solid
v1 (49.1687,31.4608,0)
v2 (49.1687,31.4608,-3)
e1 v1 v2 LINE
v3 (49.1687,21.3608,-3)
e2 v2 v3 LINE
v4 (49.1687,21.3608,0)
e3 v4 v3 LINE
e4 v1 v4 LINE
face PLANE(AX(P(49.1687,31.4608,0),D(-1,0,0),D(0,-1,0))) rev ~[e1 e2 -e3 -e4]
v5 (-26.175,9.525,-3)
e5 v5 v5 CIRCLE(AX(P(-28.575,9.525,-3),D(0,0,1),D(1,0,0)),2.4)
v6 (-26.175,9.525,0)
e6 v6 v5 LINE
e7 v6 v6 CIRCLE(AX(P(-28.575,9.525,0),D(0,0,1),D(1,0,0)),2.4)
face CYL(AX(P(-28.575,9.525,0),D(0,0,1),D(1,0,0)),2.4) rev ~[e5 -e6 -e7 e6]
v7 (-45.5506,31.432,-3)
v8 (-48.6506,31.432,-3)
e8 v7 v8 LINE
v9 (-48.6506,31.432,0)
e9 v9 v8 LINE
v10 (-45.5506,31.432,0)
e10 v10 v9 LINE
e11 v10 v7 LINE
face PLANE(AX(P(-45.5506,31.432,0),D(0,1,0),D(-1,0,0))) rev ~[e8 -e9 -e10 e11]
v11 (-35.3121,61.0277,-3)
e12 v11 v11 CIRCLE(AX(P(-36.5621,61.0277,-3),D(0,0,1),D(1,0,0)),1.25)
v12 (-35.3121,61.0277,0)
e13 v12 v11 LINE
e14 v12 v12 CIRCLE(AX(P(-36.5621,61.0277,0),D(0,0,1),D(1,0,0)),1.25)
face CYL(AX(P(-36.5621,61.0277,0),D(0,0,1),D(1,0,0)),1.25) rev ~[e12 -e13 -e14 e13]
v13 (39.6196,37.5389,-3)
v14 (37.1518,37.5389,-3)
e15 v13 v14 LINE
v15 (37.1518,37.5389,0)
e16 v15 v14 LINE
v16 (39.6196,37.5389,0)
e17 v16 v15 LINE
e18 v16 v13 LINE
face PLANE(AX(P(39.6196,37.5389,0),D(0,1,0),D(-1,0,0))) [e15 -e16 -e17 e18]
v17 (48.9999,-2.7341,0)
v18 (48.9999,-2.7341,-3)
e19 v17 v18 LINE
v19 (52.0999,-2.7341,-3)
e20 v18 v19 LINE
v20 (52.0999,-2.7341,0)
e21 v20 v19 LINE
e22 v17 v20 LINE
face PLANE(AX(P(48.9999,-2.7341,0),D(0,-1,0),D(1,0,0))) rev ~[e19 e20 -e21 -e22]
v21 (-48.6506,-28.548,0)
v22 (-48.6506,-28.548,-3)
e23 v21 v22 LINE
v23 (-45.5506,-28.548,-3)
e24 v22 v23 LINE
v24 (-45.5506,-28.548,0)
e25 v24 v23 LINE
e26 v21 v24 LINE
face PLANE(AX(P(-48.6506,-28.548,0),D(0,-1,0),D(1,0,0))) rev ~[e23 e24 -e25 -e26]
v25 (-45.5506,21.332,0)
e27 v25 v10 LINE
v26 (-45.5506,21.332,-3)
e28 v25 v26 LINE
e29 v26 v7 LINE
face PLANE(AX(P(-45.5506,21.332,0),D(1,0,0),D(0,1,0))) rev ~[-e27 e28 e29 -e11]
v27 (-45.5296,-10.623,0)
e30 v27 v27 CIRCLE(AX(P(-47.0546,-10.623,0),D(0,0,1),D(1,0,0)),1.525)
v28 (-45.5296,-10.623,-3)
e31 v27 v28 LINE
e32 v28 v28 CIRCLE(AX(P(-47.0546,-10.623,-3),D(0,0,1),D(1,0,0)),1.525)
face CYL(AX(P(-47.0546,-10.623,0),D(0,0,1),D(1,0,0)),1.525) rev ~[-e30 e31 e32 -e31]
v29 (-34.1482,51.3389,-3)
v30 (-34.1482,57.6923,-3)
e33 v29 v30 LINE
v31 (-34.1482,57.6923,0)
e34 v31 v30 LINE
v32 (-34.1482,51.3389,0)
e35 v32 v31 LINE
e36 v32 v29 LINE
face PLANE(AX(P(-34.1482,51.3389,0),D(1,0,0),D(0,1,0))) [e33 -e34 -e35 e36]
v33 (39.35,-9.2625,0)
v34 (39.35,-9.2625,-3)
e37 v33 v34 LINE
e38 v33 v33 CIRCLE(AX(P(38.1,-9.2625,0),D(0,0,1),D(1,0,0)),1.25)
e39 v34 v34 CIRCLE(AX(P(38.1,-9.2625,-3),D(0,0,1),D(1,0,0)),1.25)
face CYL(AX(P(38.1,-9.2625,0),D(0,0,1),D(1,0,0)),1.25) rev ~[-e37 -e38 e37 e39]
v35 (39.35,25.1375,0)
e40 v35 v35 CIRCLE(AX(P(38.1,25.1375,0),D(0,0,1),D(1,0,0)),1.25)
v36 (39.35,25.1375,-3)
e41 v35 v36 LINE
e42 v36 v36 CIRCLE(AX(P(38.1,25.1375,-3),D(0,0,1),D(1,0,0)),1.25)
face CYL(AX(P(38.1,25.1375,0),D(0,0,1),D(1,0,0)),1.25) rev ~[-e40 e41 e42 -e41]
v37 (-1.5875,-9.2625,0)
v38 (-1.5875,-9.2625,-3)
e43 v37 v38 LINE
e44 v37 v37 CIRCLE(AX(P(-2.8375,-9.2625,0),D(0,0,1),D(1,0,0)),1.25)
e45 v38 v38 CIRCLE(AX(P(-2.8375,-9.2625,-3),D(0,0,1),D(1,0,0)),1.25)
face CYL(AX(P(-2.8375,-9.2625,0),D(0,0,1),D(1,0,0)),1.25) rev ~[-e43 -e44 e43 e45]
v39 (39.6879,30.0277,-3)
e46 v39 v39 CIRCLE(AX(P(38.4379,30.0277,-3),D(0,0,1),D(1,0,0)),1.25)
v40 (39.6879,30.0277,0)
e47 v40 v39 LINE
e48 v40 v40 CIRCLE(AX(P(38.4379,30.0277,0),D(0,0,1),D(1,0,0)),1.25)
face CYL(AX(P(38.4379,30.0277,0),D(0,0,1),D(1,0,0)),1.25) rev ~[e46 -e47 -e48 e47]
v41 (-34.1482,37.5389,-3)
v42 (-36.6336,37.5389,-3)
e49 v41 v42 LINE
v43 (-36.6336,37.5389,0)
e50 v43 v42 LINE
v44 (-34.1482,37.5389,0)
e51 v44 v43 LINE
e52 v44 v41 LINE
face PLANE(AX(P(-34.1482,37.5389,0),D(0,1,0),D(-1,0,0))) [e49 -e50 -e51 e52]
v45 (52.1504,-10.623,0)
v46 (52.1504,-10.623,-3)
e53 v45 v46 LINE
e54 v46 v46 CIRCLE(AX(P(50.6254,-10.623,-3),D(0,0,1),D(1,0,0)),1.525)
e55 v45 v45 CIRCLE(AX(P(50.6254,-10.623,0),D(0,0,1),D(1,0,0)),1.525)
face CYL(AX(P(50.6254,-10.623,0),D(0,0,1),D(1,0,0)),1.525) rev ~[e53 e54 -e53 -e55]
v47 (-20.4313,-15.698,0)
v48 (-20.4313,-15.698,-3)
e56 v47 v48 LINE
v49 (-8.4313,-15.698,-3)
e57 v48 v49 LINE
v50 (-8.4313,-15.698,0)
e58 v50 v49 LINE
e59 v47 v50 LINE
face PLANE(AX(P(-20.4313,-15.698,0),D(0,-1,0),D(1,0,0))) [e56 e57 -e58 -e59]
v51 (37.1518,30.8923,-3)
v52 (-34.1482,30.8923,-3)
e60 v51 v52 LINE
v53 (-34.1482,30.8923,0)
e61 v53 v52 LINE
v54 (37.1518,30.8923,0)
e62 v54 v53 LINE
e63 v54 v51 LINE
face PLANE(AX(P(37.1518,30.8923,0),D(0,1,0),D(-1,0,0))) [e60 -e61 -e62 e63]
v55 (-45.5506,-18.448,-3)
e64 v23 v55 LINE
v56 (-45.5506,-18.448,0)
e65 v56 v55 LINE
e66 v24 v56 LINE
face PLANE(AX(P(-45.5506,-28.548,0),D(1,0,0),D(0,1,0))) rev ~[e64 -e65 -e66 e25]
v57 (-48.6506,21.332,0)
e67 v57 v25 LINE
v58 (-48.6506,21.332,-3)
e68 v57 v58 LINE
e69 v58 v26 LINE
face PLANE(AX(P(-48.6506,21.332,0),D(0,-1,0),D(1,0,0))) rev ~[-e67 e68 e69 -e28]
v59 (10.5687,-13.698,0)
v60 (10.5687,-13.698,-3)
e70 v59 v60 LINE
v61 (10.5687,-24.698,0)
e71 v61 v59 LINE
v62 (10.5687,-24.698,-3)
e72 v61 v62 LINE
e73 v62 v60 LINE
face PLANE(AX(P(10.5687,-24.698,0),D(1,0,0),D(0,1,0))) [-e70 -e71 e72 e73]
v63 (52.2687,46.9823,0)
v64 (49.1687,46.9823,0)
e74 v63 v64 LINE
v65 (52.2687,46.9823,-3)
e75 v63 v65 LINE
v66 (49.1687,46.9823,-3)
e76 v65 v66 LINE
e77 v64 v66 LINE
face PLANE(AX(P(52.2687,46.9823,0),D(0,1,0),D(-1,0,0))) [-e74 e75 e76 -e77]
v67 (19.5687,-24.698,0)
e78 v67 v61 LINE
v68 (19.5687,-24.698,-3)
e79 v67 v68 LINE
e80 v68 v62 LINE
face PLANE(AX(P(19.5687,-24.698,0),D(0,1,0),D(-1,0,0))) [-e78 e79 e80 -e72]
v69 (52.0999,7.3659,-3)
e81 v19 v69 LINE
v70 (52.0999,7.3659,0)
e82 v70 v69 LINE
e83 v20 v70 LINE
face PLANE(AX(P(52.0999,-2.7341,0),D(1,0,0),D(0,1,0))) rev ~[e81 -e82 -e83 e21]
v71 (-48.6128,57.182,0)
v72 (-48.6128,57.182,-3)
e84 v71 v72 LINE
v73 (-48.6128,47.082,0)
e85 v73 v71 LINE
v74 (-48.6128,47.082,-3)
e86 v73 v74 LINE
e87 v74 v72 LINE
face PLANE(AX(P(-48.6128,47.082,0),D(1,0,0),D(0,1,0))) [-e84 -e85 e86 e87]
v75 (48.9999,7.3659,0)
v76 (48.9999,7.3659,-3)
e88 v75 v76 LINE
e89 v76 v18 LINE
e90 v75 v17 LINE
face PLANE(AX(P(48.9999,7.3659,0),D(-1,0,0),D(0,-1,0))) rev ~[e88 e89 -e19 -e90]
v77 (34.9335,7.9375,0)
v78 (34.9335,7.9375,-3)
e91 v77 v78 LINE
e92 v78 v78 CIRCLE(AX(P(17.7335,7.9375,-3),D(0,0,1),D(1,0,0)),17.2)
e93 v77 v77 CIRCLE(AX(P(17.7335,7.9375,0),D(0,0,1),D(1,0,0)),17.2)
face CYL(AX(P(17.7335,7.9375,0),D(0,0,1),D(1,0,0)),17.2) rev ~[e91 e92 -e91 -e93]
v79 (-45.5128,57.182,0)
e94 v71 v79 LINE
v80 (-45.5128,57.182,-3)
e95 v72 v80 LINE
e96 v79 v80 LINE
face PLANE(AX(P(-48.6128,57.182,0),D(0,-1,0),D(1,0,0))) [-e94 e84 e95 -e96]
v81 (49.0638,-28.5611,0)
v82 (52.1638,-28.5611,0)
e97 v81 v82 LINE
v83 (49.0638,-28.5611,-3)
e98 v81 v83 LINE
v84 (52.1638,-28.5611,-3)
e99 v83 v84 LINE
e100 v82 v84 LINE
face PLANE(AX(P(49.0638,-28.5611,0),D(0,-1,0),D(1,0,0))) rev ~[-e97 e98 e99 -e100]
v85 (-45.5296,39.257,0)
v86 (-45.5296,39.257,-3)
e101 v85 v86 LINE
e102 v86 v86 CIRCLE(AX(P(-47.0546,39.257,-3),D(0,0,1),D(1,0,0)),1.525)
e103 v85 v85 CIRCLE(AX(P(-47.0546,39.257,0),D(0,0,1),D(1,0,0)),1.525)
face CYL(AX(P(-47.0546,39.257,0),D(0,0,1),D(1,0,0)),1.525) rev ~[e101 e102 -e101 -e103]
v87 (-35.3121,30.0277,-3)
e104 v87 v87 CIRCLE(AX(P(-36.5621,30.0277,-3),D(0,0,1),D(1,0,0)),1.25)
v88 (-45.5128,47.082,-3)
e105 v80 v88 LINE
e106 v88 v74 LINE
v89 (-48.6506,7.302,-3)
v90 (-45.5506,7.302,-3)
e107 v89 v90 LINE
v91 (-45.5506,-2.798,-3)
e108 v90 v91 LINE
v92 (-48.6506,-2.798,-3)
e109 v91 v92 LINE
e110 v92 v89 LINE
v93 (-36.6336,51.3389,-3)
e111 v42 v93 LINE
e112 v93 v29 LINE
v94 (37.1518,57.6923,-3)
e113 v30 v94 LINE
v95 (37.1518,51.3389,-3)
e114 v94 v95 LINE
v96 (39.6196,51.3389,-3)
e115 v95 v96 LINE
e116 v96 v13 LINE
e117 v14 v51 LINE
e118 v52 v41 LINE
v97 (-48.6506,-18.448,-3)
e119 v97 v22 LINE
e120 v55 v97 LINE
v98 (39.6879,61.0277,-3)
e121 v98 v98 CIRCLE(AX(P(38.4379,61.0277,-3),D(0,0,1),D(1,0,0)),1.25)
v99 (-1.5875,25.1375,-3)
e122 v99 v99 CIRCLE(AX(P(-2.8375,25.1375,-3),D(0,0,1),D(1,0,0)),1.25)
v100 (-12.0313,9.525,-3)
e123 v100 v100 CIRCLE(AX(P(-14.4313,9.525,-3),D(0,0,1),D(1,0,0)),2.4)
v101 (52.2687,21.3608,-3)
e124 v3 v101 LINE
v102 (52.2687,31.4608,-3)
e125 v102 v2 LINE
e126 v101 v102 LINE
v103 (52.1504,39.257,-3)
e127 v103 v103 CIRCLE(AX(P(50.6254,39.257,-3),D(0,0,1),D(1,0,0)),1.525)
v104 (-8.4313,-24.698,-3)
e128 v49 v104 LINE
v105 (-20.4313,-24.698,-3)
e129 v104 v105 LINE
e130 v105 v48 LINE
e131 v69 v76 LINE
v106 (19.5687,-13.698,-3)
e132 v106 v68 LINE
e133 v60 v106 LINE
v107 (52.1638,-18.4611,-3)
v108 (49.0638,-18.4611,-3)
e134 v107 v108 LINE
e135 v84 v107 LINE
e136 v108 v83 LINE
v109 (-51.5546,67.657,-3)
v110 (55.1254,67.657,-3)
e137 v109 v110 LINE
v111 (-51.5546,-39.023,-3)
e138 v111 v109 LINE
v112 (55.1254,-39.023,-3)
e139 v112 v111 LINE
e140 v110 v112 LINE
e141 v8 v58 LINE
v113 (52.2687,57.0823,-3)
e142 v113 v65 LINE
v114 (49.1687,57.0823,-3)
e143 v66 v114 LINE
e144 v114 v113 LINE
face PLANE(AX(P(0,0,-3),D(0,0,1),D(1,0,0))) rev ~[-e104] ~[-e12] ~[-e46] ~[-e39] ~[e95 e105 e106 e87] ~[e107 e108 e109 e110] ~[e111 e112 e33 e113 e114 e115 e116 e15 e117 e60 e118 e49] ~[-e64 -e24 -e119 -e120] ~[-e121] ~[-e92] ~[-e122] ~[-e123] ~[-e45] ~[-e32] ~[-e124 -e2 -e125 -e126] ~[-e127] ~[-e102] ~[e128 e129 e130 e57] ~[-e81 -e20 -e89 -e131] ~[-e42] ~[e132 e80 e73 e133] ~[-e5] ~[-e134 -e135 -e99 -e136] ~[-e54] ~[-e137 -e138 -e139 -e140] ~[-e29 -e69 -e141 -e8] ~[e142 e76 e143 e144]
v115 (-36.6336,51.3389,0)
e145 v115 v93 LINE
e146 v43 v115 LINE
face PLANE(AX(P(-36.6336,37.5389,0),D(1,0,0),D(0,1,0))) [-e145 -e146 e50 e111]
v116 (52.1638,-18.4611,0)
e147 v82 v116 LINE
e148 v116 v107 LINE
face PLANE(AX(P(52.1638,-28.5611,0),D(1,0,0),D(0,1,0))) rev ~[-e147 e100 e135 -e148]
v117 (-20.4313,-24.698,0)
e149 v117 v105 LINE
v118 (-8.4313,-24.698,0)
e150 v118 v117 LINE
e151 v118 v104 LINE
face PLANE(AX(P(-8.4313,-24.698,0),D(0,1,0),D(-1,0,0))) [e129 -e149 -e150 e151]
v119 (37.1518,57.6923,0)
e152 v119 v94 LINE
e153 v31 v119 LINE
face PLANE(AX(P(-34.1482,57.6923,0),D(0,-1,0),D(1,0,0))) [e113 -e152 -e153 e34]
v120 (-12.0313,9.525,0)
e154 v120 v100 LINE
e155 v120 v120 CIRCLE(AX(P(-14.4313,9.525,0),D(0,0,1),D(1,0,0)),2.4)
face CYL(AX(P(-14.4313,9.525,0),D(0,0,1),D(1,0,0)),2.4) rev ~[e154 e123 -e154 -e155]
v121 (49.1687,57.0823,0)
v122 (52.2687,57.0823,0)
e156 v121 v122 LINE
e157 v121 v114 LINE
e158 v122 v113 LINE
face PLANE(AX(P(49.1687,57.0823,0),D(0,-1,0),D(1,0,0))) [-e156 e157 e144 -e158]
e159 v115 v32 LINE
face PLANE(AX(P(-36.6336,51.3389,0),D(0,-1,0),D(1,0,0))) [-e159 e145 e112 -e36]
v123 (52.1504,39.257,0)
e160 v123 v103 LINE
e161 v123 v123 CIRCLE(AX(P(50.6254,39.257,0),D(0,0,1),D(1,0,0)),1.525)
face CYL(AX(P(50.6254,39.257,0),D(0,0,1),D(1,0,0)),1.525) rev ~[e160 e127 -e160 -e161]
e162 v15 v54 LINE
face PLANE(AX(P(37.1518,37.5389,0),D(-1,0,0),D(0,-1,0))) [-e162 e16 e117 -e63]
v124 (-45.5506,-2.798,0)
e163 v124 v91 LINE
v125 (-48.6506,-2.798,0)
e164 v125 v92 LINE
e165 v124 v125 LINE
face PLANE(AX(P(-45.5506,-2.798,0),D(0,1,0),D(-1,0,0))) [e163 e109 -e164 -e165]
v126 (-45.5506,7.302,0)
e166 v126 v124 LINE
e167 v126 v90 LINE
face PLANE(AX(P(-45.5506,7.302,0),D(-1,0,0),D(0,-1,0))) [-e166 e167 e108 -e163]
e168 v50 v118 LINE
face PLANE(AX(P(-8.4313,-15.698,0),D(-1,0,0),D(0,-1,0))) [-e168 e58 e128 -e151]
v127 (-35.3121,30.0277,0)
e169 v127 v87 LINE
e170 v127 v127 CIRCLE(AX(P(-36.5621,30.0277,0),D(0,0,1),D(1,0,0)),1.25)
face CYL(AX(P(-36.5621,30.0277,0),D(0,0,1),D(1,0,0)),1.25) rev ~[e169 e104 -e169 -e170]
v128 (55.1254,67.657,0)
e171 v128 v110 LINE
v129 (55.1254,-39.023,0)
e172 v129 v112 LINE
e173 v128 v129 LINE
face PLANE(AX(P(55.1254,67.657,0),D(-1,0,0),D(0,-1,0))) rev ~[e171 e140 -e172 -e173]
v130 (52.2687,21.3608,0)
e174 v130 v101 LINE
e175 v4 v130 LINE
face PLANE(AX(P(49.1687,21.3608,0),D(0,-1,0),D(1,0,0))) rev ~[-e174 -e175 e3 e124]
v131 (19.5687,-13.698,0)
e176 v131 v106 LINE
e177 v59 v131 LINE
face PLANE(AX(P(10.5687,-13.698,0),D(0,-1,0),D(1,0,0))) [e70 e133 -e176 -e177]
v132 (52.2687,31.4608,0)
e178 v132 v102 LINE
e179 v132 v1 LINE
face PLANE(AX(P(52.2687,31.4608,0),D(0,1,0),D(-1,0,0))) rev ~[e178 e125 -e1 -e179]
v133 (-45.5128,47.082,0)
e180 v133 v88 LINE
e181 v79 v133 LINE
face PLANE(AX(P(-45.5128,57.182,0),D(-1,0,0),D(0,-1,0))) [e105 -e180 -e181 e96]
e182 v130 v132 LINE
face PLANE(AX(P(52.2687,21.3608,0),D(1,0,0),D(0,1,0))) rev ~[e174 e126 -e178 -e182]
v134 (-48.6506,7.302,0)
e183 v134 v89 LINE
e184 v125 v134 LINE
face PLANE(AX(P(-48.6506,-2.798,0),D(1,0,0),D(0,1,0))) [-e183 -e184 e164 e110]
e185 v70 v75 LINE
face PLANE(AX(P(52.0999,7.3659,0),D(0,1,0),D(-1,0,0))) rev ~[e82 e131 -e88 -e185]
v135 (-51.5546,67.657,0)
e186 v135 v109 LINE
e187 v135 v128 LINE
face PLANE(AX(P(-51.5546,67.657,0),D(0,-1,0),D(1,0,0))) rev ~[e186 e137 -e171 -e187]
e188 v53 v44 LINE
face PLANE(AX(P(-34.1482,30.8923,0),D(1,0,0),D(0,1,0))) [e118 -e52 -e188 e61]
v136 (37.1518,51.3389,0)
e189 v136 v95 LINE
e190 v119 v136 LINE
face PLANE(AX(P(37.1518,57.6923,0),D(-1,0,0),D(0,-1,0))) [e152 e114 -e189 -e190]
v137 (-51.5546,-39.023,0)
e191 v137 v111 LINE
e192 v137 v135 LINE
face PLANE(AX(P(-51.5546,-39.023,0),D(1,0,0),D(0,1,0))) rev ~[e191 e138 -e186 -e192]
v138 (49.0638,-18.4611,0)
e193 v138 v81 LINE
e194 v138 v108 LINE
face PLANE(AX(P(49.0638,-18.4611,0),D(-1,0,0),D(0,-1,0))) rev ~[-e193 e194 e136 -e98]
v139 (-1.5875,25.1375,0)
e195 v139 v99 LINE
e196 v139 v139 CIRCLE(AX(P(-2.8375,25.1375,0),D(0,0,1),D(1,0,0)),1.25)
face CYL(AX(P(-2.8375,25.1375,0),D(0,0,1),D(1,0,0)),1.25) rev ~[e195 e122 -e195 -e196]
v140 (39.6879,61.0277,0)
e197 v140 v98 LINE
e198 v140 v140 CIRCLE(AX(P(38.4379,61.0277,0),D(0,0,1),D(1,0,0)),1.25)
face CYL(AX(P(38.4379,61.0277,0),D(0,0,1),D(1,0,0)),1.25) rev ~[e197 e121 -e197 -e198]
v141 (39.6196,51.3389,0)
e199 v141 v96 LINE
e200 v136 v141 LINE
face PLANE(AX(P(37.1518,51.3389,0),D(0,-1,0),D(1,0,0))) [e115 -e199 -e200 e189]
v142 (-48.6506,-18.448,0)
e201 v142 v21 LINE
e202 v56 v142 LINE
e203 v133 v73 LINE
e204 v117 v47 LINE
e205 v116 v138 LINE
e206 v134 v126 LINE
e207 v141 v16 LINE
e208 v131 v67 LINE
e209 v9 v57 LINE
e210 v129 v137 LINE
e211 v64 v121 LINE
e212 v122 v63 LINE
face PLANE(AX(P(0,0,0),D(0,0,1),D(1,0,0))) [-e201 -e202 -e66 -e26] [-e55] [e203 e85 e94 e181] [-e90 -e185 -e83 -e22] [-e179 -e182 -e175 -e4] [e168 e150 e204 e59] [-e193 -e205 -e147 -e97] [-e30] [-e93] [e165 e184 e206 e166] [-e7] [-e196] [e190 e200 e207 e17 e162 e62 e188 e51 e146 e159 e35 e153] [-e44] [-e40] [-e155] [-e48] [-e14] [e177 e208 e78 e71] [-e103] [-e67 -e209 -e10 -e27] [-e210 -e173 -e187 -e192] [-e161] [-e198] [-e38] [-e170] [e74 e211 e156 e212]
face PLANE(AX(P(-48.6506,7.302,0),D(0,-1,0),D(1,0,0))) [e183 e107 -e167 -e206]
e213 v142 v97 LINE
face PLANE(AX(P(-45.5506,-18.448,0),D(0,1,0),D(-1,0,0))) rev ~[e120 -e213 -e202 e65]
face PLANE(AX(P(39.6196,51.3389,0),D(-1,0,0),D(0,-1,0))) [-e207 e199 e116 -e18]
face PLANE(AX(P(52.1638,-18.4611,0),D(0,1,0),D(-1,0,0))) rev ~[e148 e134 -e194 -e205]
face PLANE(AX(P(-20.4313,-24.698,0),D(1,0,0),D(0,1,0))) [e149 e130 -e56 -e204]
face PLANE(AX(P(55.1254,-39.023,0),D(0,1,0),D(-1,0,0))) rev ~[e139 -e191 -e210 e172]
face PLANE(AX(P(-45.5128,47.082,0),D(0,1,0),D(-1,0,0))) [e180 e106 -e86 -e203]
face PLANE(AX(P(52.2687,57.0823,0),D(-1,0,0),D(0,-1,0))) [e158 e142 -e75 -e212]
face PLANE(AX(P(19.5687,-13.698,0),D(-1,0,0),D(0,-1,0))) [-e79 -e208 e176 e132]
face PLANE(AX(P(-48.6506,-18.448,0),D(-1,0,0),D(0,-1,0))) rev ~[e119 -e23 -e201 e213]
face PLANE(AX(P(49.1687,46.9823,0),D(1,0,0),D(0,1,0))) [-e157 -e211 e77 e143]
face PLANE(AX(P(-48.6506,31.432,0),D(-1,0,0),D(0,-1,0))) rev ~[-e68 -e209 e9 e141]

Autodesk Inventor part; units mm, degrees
ref_plane "YZ Plane" through (0, 0, 0) normal (1, 0, 0) x (0, 1, 0)
ref_plane "XZ Plane" through (0, 0, 0) normal (0, 1, 0) x (-1, 0, 0)
ref_plane "XY Plane" through (0, 0, 0) normal (0, 0, 1) x (1, 0, 0)
sketch "Sketch1" plane through (0, 0, 0) normal (0, 0, 1) x (1, 0, 0)
  line L0 (-51.5546, 67.657) -> (55.1254, 67.657)
  line L1 (55.1254, 67.657) -> (55.1254, -39.023)
  line L2 (55.1254, -39.023) -> (-51.5546, -39.023)
  line L3 (-51.5546, -39.023) -> (-51.5546, 67.657)
  dimension "d0" = 106.68
  dimension "d2" = 106.68
extrude "Extrusion1" add sketch "Sketch1" against normal blind 3
sketch "LCD Cut Out" plane through (0, 0, 0) normal (0, 0, 1) x (1, 0, 0)
  circle A0 centre (-36.5621, 61.0277) radius 1.25
  circle A1 centre (-36.5621, 30.0277) radius 1.25
  circle A2 centre (38.4379, 61.0277) radius 1.25
  circle A3 centre (38.4379, 30.0277) radius 1.25
  line L0 (-34.1482, 57.6923) -> (37.1518, 57.6923)
  line L1 (37.1518, 57.6923) -> (37.1518, 30.8923)
  line L2 (37.1518, 30.8923) -> (-34.1482, 30.8923)
  line L3 (-34.1482, 30.8923) -> (-34.1482, 57.6923)
  line L4 (37.1196, 51.3389) -> (39.6196, 51.3389)
  line L5 (39.6196, 51.3389) -> (39.6196, 37.5389)
  line L6 (39.6196, 37.5389) -> (37.1196, 37.5389)
  line L7 (37.1196, 37.5389) -> (37.1196, 51.3389)
  line L8 (-36.6336, 51.3389) -> (-34.1336, 51.3389)
  line L9 (-34.1336, 51.3389) -> (-34.1336, 37.5389)
  line L10 (-34.1336, 37.5389) -> (-36.6336, 37.5389)
  line L11 (-36.6336, 37.5389) -> (-36.6336, 51.3389)
  point P0 (0, 0)
  dimension "d96" = 76.2532
sketch "Sketch9" plane through (0, 0, 0) normal (0, 0, 1) x (1, 0, 0)
  circle A0 centre (-14.4313, 9.525) radius 2.4
  circle A1 centre (-28.575, 9.525) radius 2.4
  circle A2 centre (17.7335, 7.9375) radius 17.2
  circle A3 centre (-2.8375, 25.1375) radius 1.25
  circle A4 centre (38.1, 25.1375) radius 1.25
  circle A5 centre (38.1, -9.2625) radius 1.25
  circle A6 centre (-2.8375, -9.2625) radius 1.25
  line L0 (-20.4313, -15.698) -> (-8.4313, -15.698)
  line L1 (-8.4313, -15.698) -> (-8.4313, -24.698)
  line L2 (-8.4313, -24.698) -> (-20.4313, -24.698)
  line L3 (-20.4313, -24.698) -> (-20.4313, -15.698)
  line L4 (10.5687, -13.698) -> (19.5687, -13.698)
  line L5 (19.5687, -13.698) -> (19.5687, -24.698)
  line L6 (19.5687, -24.698) -> (10.5687, -24.698)
  line L7 (10.5687, -24.698) -> (10.5687, -13.698)
  line L8 (-51.5546, 67.657) -> (55.1254, 67.657) projected
  line L9 (55.1254, -39.023) -> (-51.5546, -39.023) projected
  line L10 (55.1254, 67.657) -> (55.1254, -39.023) projected
  circle A7 centre (-47.0546, 39.257) radius 1.525
  circle A8 centre (-47.0546, -10.623) radius 1.525
  circle A9 centre (50.6254, 39.257) radius 1.525
  circle A10 centre (50.6254, -10.623) radius 1.525
  line L11 (-48.6128, 57.182) -> (-45.5128, 57.182)
  line L12 (-45.5128, 57.182) -> (-45.5128, 47.082)
  line L13 (-45.5128, 47.082) -> (-48.6128, 47.082)
  line L14 (-48.6128, 47.082) -> (-48.6128, 57.182)
  line L15 (-45.5506, 31.432) -> (-48.6506, 31.432)
  line L16 (-48.6506, 31.432) -> (-48.6506, 21.332)
  line L17 (-48.6506, 21.332) -> (-45.5506, 21.332)
  line L18 (-45.5506, 21.332) -> (-45.5506, 31.432)
  line L19 (-45.5506, -2.798) -> (-48.6506, -2.798)
  line L20 (-48.6506, -2.798) -> (-48.6506, 7.302)
  line L21 (-48.6506, 7.302) -> (-45.5506, 7.302)
  line L22 (-45.5506, 7.302) -> (-45.5506, -2.798)
  line L23 (-45.5506, -18.448) -> (-48.6506, -18.448)
  line L24 (-48.6506, -18.448) -> (-48.6506, -28.548)
  line L25 (-48.6506, -28.548) -> (-45.5506, -28.548)
  line L26 (-45.5506, -28.548) -> (-45.5506, -18.448)
  line L27 (52.0999, 7.3659) -> (48.9999, 7.3659)
  line L28 (48.9999, 7.3659) -> (48.9999, -2.7341)
  line L29 (48.9999, -2.7341) -> (52.0999, -2.7341)
  line L30 (52.0999, -2.7341) -> (52.0999, 7.3659)
  line L31 (52.1638, -18.4611) -> (49.0638, -18.4611)
  line L32 (49.0638, -18.4611) -> (49.0638, -28.5611)
  line L33 (49.0638, -28.5611) -> (52.1638, -28.5611)
  line L34 (52.1638, -28.5611) -> (52.1638, -18.4611)
  line L35 (52.2687, 46.9823) -> (49.1687, 46.9823)
  line L36 (49.1687, 46.9823) -> (49.1687, 57.0823)
  line L37 (49.1687, 57.0823) -> (52.2687, 57.0823)
  line L38 (52.2687, 57.0823) -> (52.2687, 46.9823)
  line L39 (52.2687, 31.4608) -> (49.1687, 31.4608)
  line L40 (49.1687, 31.4608) -> (49.1687, 21.3608)
  line L41 (49.1687, 21.3608) -> (52.2687, 21.3608)
  line L42 (52.2687, 21.3608) -> (52.2687, 31.4608)
  point P0 (0, 0)
  dimension "d56" = 4.8
  dimension "d57" = 4.8
  dimension "d60" = 34.4
  dimension "d62" = 2.5
  dimension "d63" = 2.5
  dimension "d64" = 2.5
  dimension "d65" = 2.5
  dimension "d66" = 12
  dimension "d67" = 9
  dimension "d69" = 9
  dimension "d70" = 11
  dimension "d72" = 40
  dimension "d88" = 3.05
  dimension "d89" = 28.4
  dimension "d91" = 3.05
  dimension "d92" = 28.4
  dimension "d93" = 3.05
  dimension "d95" = 3.05
  dimension "d98" = 3.1
  dimension "d99" = 10.1
  dimension "d100" = 3.1
  dimension "d101" = 10.1
  dimension "d102" = 6.3
  dimension "d103" = 6.3
  dimension "d104" = 3.1
  dimension "d105" = 10.1
  dimension "d106" = 3.1
  dimension "d107" = 10.1
  dimension "d108" = 6.3
  dimension "d109" = 6.3
  dimension "d110" = 3.1
  dimension "d111" = 10.1
  dimension "d112" = 3.1
  dimension "d113" = 10.1
  dimension "d117" = 4.5
  dimension "d120" = 3.1
  dimension "d121" = 10.1
  dimension "d122" = 3.1
  dimension "d123" = 10.1
  dimension "d126" = 14.325
  dimension "d127" = 14.325
extrude "Extrusion4" cut sketch "Sketch9" against normal blind 28.4
extrude "Extrusion5" cut sketch "LCD Cut Out" against normal blind 3
equation "\"d75\" = d89"
properties part number "open reflow box"
